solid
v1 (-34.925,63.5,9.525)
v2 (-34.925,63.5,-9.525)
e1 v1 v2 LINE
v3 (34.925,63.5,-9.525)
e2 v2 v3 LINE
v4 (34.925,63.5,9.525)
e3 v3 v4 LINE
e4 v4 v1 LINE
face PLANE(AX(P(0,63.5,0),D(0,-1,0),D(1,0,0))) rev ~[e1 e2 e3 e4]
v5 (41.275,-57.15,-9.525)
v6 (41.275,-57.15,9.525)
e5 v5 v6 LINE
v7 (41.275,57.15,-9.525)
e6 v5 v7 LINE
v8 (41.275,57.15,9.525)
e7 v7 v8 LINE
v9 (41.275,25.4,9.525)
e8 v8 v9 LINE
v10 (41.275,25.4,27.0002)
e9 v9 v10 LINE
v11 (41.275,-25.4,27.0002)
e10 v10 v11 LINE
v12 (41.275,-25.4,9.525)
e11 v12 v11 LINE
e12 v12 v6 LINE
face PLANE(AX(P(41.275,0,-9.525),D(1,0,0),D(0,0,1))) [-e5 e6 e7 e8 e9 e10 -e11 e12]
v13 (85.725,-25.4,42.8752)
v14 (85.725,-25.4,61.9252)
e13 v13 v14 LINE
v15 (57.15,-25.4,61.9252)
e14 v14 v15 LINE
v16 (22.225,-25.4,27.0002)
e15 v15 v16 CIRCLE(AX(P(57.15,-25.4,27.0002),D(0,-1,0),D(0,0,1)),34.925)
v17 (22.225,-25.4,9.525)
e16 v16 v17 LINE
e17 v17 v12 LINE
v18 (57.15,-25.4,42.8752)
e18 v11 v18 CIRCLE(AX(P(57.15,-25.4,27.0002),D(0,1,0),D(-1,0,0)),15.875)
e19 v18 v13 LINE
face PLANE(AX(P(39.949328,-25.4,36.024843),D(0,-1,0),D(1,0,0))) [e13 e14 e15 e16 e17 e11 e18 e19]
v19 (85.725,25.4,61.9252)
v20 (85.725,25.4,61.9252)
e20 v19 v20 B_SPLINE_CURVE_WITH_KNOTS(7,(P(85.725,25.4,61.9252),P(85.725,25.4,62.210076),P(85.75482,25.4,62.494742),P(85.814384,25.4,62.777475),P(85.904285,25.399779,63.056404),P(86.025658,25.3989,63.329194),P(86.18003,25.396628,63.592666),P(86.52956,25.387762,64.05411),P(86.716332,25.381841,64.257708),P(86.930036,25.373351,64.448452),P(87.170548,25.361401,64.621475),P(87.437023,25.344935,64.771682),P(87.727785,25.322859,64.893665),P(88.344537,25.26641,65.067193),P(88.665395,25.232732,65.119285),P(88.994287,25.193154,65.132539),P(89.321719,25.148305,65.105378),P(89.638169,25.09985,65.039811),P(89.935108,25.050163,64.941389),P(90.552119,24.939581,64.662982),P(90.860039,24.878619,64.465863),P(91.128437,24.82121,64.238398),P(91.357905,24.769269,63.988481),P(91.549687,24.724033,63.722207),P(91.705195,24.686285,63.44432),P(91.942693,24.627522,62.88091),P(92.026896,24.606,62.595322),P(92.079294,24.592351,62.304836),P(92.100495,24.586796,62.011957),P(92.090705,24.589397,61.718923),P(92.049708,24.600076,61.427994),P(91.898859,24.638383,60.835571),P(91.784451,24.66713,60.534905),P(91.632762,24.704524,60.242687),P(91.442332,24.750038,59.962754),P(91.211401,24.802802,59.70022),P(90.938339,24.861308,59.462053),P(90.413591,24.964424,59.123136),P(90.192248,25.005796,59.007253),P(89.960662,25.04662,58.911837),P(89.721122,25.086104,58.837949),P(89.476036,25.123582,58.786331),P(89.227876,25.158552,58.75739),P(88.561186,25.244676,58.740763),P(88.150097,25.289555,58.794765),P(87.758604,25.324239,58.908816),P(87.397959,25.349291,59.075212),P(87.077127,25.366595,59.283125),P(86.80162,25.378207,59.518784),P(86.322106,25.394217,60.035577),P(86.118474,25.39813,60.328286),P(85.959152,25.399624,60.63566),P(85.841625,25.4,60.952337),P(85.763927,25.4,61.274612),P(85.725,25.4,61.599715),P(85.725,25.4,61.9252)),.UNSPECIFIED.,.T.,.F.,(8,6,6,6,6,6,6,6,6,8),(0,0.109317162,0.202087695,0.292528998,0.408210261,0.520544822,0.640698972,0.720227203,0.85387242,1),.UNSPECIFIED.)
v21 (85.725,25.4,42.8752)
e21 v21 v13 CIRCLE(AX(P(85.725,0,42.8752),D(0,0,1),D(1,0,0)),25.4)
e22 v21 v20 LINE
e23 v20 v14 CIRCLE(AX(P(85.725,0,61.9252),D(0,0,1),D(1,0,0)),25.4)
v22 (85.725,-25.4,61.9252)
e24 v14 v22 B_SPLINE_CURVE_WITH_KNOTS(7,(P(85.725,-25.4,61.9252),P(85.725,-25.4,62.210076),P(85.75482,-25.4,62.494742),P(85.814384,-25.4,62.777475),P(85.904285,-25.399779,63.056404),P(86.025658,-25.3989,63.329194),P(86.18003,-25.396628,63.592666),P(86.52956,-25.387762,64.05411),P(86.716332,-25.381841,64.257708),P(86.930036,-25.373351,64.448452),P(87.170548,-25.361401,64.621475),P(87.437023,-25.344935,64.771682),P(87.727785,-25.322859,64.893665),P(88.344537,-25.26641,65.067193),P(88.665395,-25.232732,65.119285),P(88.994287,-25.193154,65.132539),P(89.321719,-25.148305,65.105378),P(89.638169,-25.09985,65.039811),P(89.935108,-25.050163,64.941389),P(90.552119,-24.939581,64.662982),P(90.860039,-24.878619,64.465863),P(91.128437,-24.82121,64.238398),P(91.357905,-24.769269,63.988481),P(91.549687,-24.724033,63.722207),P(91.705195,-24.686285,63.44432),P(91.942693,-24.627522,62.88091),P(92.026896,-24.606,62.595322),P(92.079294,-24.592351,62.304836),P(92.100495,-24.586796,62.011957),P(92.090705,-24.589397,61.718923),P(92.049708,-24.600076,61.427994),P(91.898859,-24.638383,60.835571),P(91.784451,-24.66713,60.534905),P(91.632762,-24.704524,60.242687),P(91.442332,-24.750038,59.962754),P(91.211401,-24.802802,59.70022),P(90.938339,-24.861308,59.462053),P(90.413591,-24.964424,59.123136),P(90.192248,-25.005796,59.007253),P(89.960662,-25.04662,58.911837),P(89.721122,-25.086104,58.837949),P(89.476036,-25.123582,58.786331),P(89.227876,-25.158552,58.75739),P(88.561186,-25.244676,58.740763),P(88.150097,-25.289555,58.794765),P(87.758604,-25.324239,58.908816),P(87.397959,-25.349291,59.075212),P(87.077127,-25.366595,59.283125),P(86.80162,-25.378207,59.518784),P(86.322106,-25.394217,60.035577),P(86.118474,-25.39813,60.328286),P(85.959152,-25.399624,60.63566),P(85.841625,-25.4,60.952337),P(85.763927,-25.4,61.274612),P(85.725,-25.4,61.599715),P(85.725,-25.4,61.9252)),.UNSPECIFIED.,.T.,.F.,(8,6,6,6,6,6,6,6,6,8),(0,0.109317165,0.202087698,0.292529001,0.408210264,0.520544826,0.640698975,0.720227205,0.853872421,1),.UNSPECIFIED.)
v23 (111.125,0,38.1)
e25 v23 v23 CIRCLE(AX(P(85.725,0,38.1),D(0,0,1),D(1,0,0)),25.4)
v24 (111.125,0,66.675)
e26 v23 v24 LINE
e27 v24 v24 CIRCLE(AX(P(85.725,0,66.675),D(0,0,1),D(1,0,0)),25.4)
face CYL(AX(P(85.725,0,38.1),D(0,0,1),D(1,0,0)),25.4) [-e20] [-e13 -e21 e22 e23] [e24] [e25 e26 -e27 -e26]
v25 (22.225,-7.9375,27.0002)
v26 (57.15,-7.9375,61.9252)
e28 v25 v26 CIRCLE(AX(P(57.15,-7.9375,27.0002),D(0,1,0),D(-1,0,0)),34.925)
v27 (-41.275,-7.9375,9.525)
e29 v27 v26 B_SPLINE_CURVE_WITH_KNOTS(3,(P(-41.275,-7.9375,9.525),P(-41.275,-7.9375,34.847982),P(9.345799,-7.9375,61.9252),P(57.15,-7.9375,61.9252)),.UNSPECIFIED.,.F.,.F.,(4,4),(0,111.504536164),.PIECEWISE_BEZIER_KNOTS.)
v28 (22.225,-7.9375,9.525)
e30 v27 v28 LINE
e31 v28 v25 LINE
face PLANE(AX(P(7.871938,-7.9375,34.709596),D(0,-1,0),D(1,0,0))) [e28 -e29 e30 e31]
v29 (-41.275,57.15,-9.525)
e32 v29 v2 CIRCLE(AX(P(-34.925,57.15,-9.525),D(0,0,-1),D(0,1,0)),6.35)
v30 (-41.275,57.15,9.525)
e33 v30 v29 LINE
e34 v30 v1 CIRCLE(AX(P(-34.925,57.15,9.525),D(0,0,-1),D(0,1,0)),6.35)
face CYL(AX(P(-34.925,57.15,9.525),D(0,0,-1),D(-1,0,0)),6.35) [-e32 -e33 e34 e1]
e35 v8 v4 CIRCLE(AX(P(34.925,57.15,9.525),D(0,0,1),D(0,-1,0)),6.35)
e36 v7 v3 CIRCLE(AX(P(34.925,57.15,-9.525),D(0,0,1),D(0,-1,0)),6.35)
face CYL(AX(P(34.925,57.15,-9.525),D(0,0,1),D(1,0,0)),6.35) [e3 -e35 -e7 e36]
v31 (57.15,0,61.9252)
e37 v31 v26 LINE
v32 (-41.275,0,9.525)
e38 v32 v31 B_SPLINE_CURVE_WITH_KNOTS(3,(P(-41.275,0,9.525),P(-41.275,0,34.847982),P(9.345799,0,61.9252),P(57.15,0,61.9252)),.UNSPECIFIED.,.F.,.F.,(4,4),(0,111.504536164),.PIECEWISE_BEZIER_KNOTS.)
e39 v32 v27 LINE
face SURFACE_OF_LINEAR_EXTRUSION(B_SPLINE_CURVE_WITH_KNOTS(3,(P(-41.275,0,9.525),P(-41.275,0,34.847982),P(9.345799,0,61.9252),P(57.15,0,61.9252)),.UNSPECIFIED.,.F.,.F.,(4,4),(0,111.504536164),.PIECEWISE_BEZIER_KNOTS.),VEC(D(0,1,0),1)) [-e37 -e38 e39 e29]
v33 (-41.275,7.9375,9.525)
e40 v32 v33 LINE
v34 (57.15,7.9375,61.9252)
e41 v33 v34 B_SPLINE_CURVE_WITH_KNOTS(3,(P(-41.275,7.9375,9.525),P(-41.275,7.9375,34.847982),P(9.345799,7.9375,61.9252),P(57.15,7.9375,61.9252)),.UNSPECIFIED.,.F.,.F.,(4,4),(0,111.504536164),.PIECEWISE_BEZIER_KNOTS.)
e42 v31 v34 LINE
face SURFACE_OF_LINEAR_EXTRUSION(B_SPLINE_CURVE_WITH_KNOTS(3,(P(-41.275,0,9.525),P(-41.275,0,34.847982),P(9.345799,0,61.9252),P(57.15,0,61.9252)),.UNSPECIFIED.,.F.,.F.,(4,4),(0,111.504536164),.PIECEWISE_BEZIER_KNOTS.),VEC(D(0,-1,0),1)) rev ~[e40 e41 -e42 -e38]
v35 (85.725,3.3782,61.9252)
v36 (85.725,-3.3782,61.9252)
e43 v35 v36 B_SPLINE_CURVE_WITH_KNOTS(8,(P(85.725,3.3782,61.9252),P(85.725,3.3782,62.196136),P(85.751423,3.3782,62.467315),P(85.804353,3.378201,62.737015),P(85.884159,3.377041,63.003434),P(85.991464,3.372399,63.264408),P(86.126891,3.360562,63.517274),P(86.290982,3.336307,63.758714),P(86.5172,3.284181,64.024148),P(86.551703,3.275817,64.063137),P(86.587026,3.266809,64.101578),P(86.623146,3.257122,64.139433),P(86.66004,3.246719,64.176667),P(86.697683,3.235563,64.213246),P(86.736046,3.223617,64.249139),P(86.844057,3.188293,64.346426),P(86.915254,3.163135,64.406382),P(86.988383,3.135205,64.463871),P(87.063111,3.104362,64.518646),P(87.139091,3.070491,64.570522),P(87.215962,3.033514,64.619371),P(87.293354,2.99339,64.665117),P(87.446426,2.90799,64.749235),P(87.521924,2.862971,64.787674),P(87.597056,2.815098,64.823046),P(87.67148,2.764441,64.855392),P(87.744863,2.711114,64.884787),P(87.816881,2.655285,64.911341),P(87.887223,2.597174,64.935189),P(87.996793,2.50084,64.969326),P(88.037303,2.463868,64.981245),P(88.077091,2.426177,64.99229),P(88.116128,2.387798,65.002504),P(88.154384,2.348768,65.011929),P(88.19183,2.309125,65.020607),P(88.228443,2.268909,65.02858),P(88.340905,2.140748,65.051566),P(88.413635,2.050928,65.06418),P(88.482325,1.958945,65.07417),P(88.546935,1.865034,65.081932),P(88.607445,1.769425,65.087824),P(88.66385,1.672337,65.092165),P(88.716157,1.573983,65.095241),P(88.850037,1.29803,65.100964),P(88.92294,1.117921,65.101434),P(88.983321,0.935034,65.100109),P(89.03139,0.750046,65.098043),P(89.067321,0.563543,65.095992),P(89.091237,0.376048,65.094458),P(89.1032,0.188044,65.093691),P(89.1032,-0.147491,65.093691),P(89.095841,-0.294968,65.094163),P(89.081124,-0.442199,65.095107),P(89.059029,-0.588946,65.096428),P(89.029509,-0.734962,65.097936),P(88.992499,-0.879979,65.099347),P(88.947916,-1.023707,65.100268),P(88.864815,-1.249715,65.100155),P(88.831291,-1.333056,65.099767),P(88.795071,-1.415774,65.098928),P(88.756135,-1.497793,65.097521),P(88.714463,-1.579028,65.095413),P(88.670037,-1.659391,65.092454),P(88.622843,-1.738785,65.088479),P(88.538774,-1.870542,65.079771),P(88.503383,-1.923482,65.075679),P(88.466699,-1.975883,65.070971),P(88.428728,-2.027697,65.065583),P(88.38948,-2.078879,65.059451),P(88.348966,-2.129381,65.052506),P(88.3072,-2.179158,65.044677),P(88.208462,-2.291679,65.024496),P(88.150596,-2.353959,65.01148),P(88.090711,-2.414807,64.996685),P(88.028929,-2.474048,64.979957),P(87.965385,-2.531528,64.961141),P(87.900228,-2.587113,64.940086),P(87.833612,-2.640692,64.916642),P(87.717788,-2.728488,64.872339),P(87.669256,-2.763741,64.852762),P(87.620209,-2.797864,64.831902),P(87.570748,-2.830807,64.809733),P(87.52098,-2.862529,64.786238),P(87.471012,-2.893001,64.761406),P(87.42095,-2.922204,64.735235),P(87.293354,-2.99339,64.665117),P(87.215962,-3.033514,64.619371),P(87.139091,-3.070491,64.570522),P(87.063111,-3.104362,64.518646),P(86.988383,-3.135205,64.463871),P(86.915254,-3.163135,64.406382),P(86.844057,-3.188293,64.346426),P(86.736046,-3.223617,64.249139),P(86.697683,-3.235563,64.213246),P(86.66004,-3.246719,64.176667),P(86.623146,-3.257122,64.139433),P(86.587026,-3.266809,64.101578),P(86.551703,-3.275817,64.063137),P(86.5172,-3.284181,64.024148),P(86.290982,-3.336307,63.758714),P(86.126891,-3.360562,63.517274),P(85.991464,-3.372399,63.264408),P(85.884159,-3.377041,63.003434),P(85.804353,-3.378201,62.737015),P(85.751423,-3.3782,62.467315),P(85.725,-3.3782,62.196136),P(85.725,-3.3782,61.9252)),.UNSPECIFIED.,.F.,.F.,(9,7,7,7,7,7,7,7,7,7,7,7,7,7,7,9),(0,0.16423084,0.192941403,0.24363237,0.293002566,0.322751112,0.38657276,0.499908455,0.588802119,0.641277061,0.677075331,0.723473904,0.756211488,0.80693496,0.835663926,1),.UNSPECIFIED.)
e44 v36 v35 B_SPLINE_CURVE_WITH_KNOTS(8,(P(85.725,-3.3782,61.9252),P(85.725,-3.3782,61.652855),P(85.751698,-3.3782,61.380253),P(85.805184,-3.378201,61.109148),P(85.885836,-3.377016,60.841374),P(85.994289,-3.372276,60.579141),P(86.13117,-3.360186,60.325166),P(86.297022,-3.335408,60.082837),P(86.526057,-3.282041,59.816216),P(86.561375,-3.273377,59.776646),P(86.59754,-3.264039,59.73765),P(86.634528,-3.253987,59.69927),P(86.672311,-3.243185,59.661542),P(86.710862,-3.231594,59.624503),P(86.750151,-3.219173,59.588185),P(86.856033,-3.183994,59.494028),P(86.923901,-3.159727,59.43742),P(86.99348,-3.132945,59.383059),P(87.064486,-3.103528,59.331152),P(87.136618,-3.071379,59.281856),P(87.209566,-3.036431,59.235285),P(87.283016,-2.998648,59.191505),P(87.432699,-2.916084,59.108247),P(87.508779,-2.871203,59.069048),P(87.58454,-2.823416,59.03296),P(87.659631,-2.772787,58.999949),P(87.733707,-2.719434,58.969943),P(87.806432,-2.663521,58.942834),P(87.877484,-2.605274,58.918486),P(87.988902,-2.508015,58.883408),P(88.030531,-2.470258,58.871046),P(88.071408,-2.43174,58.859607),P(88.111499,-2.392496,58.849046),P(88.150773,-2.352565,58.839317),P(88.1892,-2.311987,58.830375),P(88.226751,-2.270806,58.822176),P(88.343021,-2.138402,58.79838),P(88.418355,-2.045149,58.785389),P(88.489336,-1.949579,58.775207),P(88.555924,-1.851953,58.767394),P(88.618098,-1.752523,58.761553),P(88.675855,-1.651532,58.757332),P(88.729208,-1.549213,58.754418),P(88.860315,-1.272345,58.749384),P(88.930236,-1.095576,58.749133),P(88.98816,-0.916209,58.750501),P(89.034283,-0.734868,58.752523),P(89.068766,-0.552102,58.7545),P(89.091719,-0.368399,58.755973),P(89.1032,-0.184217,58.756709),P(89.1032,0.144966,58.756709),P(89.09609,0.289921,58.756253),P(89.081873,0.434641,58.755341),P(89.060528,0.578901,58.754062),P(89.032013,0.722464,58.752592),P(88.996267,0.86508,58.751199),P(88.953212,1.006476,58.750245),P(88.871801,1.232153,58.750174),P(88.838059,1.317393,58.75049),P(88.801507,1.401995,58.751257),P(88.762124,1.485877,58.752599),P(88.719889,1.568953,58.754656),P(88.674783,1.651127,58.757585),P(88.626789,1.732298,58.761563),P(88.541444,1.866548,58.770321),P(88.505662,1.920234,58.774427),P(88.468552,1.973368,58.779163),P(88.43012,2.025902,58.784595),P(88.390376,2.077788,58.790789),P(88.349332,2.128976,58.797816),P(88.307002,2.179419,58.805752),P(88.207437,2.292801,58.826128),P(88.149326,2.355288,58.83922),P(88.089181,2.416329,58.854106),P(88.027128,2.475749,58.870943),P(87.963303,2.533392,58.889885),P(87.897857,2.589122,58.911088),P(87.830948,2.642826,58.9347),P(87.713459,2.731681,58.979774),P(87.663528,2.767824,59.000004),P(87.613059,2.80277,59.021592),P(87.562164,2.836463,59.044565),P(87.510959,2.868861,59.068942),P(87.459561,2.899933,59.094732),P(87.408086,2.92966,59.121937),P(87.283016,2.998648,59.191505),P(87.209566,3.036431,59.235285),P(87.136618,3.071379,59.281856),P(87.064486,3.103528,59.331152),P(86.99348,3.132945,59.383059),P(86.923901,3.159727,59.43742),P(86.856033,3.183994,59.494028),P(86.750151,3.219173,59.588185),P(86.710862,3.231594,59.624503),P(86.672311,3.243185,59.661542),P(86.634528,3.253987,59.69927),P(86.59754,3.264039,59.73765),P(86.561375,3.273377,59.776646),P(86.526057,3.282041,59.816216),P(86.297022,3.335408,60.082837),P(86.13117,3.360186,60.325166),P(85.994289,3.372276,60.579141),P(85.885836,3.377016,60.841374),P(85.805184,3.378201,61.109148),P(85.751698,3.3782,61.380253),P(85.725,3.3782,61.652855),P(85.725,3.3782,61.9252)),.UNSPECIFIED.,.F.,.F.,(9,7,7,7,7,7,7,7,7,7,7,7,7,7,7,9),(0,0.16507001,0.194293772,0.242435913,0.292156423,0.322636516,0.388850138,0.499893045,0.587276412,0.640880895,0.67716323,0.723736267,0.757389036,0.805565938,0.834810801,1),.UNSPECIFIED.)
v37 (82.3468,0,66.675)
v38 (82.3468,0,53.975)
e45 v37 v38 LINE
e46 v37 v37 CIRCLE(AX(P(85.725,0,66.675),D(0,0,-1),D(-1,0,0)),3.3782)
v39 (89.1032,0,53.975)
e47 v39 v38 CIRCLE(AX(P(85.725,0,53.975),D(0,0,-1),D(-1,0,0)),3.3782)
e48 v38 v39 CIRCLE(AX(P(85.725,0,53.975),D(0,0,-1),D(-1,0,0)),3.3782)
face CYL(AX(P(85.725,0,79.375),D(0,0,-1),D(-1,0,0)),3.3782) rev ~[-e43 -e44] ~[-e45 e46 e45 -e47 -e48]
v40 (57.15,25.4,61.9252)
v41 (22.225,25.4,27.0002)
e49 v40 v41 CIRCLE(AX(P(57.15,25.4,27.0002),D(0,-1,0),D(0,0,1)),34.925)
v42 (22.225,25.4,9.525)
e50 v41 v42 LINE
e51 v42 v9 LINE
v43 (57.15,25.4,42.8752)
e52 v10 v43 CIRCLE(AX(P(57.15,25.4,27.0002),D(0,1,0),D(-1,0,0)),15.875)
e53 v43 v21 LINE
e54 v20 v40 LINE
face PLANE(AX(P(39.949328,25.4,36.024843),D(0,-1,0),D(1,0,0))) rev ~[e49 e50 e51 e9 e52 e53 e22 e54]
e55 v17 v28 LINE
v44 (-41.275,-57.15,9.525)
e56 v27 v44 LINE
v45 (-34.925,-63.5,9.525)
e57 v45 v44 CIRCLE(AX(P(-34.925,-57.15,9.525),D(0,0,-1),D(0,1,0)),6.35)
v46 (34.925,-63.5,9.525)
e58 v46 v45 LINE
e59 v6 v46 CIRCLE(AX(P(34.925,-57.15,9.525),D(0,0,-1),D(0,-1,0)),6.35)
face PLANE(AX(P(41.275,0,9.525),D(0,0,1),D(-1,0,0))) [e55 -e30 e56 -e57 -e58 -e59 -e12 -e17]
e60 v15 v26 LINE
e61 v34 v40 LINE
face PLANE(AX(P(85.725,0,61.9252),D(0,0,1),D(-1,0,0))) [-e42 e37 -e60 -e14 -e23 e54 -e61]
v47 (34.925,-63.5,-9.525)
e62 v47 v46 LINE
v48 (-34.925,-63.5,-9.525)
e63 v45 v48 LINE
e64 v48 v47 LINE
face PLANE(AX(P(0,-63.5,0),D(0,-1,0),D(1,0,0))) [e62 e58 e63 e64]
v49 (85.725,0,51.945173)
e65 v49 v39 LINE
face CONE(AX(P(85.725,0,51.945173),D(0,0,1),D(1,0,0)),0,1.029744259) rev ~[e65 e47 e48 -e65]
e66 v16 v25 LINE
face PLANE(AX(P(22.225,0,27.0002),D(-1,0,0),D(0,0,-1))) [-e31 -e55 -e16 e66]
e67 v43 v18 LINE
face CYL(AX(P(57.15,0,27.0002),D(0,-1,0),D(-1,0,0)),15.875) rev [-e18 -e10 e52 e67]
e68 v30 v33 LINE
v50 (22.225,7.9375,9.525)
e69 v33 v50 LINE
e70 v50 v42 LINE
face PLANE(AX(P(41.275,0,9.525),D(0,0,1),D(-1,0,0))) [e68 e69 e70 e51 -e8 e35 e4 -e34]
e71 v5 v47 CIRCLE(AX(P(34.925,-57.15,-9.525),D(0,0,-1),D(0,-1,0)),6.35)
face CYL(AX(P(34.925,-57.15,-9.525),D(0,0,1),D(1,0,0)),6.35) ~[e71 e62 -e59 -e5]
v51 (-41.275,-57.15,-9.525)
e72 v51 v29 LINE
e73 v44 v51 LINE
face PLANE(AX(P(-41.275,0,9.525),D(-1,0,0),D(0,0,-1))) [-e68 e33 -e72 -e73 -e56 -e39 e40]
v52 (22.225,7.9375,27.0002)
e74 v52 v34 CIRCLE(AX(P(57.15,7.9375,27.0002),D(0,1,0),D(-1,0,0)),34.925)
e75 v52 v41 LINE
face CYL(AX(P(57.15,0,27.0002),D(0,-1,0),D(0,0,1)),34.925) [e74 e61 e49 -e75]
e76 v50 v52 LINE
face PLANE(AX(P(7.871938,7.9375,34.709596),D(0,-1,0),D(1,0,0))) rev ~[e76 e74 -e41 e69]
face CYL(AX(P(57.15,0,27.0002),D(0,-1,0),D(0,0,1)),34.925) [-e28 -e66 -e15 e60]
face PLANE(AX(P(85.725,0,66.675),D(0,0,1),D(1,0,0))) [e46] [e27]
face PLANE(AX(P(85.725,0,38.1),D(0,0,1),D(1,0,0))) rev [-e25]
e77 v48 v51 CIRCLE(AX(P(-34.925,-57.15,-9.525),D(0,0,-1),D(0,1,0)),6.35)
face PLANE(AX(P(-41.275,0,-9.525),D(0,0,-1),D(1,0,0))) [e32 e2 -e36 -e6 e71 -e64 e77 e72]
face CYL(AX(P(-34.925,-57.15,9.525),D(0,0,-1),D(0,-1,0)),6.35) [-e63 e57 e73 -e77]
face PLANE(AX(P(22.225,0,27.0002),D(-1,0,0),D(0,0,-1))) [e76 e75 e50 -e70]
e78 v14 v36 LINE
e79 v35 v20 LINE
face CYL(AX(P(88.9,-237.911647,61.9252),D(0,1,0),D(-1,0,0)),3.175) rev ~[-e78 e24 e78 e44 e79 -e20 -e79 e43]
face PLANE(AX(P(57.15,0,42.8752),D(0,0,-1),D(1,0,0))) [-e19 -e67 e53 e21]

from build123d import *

# Parameters (mm, degrees)
F1_DEPTH = 63.5
F0_W     = 25.4
F0_H     = 19.05
F2_DEPTH = 25.4
F3_DEPTH = 7.9375
F5_R     = 6.35
F7_D     = 6.7564
F7_DEPTH = 12.7
F7_TIP   = 2.0298273432
F9_D     = 6.35


with BuildPart() as f1:
    # F0 (on Front) → F1 (new body, symmetric)
    with BuildSketch(Plane.XZ):
        Polygon((41.275, -9.525), (41.275, 9.525), (22.225, 9.525), (-41.275, 9.525), (-41.275, -9.525), align=None)
    extrude(amount=F1_DEPTH, both=True)

    # F0 (on Front) → F2 (join, symmetric)
    with BuildSketch(Plane.XZ):
        with BuildLine():
            Line((22.225, 9.525), (41.275, 9.525))
            Line((41.275, 9.525), (41.275, 27.0002))
            ThreePointArc((41.275, 27.0002), (45.9246798487, 38.2255201513), (57.15, 42.8752))
            Line((57.15, 42.8752), (60.325, 42.8752))
            Line((60.325, 42.8752), (60.325, 61.9252))
            Line((60.325, 61.9252), (57.15, 61.9252))
            ThreePointArc((57.15, 61.9252), (32.4542956671, 51.6959043329), (22.225, 27.0002))
            Line((22.225, 27.0002), (22.225, 9.525))
        make_face()
        with Locations((73.025, 52.4002)):
            Rectangle(F0_W, F0_H)
    extrude(amount=F2_DEPTH, both=True)

    # F0 (on Front) → F3 (join, symmetric)
    with BuildSketch(Plane.XZ):
        with BuildLine():
            Line((-41.275, 9.525), (22.225, 9.525))
            Line((22.225, 9.525), (22.225, 27.0002))
            ThreePointArc((22.225, 27.0002), (32.4542956671, 51.6959043329), (57.15, 61.9252))
            add(Edge.make_bspline(
                [(-41.275, 9.525), (-41.275, 34.8479822278), (9.3457987532, 61.9252), (57.15, 61.9252)],
                knots=[0, 0, 0, 0, 111.5045361635, 111.5045361635, 111.5045361635, 111.5045361635], degree=3))
        make_face()
    extrude(amount=F3_DEPTH, both=True)

    # F0 (on Front) → F4 (revolve)
    with BuildSketch(Plane.XZ):
        Polygon((85.725, 61.9252), (85.725, 42.8752), (85.725, 38.1), (111.125, 38.1), (111.125, 66.675), (85.725, 66.675), align=None)
    revolve(axis=Axis((85.725, 0, 52.3875), (0, 0, 1)))

    # F5
    f5_edges = [f1.edges().sort_by_distance(p)[0] for p in [
        (41.275, -63.5, 0),
        (-41.275, -63.5, 0),
        (41.275, 63.5, 0),
        (-41.275, 63.5, 0),
    ]]
    fillet(f5_edges, radius=F5_R)

    # F7
    with Locations(Plane.XY.offset(66.675)):
        with Locations((85.725, 0)):
            Hole(F7_D / 2, depth=F7_DEPTH)
            with Locations((0, 0, -(F7_DEPTH + F7_TIP / 2))):  # 118° drill point
                Cone(0, F7_D / 2, F7_TIP, mode=Mode.SUBTRACT)

    # F9 (through all)
    with Locations(Plane.XZ.offset(25.4)):
        with Locations((88.9, 61.9252)):
            Hole(F9_D / 2)


solid = f1.part
